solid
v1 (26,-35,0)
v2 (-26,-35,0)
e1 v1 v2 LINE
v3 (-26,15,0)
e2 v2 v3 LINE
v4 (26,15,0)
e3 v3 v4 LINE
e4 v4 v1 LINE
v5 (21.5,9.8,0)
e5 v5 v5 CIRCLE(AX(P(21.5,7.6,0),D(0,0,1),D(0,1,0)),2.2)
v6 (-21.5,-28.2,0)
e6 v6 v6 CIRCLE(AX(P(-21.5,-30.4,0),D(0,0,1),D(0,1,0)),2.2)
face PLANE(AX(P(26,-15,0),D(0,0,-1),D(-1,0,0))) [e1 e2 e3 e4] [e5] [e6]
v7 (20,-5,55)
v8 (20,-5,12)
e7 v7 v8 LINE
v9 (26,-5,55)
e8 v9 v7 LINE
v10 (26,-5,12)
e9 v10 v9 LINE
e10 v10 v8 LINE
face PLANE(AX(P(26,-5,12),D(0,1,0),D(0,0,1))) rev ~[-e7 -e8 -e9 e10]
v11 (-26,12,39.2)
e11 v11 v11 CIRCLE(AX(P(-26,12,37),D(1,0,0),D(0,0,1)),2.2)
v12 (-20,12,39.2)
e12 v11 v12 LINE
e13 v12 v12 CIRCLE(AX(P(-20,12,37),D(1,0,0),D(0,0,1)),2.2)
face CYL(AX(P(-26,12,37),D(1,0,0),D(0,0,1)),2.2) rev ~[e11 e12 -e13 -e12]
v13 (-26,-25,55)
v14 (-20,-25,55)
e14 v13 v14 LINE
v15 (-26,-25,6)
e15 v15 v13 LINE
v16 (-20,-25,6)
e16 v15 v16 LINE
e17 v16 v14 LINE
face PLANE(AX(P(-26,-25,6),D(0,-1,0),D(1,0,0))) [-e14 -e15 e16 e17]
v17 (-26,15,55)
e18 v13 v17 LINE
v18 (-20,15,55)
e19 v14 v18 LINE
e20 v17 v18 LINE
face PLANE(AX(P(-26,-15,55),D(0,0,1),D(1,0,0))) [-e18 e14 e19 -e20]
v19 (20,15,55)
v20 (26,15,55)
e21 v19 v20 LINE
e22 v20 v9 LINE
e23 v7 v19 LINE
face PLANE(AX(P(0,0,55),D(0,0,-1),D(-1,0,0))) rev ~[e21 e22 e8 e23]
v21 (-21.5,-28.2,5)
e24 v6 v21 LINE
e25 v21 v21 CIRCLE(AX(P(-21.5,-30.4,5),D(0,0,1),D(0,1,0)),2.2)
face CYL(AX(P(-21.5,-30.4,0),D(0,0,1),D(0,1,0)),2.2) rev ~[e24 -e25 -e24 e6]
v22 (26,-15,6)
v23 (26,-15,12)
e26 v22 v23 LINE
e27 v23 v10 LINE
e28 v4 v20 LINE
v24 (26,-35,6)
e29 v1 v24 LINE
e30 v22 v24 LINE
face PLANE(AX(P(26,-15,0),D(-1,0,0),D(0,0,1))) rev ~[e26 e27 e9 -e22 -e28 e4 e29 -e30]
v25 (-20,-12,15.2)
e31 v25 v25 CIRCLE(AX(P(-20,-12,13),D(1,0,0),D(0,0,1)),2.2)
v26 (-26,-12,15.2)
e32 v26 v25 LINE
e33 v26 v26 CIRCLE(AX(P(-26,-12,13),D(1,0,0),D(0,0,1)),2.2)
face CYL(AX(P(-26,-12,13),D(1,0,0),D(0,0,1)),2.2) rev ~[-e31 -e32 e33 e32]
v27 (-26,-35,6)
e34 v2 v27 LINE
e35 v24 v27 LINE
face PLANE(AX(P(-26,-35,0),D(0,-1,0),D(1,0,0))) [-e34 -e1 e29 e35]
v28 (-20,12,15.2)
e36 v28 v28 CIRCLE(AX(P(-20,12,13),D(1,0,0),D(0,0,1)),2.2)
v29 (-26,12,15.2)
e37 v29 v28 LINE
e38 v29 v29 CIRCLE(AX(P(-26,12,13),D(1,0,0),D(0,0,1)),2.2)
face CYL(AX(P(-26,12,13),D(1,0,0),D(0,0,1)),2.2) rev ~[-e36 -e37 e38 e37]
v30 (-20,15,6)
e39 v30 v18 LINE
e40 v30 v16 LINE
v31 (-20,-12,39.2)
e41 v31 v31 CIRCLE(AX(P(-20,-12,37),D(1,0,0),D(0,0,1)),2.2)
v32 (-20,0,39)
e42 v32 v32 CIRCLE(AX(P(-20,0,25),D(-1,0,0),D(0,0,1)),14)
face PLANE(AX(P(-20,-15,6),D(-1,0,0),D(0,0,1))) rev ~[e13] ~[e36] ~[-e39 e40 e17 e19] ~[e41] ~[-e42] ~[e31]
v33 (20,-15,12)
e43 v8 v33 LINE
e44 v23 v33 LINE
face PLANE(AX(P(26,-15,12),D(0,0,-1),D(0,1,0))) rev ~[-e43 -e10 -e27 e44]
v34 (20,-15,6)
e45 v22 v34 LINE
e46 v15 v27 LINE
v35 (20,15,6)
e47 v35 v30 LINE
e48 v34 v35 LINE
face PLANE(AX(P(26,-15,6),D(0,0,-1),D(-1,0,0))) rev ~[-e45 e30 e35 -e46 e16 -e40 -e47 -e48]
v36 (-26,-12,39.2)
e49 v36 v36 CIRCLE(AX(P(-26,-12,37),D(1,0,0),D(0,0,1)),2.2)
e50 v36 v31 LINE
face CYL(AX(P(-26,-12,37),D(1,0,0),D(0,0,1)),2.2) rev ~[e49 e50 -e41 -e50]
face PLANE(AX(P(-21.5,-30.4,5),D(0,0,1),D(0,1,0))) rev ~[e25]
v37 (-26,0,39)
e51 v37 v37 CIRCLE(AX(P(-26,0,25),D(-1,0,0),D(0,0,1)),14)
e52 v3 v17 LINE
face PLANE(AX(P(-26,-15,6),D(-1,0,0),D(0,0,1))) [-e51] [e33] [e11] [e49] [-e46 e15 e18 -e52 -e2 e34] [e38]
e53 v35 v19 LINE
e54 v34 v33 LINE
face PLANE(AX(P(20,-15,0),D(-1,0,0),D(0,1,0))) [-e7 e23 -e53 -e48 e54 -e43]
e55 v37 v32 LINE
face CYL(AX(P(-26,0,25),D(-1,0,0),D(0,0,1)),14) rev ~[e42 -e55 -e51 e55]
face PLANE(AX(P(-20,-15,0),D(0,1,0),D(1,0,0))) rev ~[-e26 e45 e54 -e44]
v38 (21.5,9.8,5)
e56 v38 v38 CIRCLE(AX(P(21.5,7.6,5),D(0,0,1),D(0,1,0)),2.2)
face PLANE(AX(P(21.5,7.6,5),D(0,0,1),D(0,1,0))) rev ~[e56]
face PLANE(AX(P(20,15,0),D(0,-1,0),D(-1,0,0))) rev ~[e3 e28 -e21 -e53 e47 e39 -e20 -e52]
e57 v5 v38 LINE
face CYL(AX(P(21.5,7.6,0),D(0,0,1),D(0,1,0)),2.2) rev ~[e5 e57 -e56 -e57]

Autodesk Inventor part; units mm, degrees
ref_plane "YZ Plane" through (0, 0, 0) normal (1, 0, 0) x (0, 1, 0)
ref_plane "XZ Plane" through (0, 0, 0) normal (0, 1, 0) x (-1, 0, 0)
ref_plane "XY Plane" through (0, 0, 0) normal (0, 0, 1) x (1, 0, 0)
sketch "スケッチ1" plane through (0, 0, 0) normal (0, 0, 1) x (1, 0, 0)
  circle A0 centre (0, 0) radius 14
  line L0 (-12, -12) -> (12, -12)
  line L1 (12, -12) -> (12, 12)
  line L2 (12, 12) -> (-12, 12)
  line L3 (-12, 12) -> (-12, -12)
  line L4 (-12, -12) -> (12, 12) construction
  line L5 (12, -12) -> (-12, 12) construction
  circle A1 centre (-12, 12) radius 1.45
  circle A2 centre (12, 12) radius 1.45
  circle A3 centre (-12, -12) radius 1.45
  circle A4 centre (12, -12) radius 1.45
  line L6 (-20, -15) -> (20, -15)
  line L7 (20, -15) -> (20, 15)
  line L8 (20, 15) -> (-20, 15)
  line L9 (-20, 15) -> (-20, -15)
  line L10 (-20, -15) -> (20, 15) construction
  line L11 (20, -15) -> (-20, 15) construction
  dimension "d0" = 24
  dimension "d1" = 24
  dimension "d2" = 28
  dimension "d3" = 2.9
  dimension "d4" = 2.9
  dimension "d5" = 2.9
  dimension "d6" = 2.9
  dimension "d7" = 30
  dimension "d8" = 40
extrude "押し出し1" add sketch "スケッチ1" along normal blind 6 contours A0 L1 | L1 A0 L0 L3 L2 | A0 L2 A2 L1 | L1 A4 L0 A0 | L2 A0 | A2 L2 L1 | L1 L2 A2 | A0 L0 | A4 L0 L1 | L1 L0 A4 | A0 L3 A1 L2 | L0 A3 L3 A0 | L3 A0 | A1 L3 L2 | L2 L3 A1 | A3 L3 L0 | L0 L3 A3 | L9 L8 L7 L6
sketch "スケッチ3" plane through (0, 0, 0) normal (0, 0, -1) x (-1, 0, 0)
  line L0 (-20, -15) -> (-20, 15) projected
  line L1 (20, 15) -> (20, -15) projected
  line L2 (-20, 15) -> (-26, 15)
  line L3 (-26, 15) -> (-26, -15)
  line L4 (-26, -15) -> (-20, -15)
  line L5 (-20, -15) -> (-20, 15)
  line L6 (20, -15) -> (26, -15)
  line L7 (26, -15) -> (26, 15)
  line L8 (26, 15) -> (20, 15)
  line L9 (20, 15) -> (20, -15)
  dimension "d16" = 6
  dimension "d17" = 6
extrude "押し出し2" add sketch "スケッチ3" against normal blind 55
sketch "スケッチ7" plane through (-26, -15, 0) normal (0, -1, 0) x (1, 0, 0)
  line L0 (52, 0) -> (0, 0) projected
  line L1 (52, 0) -> (52, 55) projected
  line L2 (6, 6) -> (46, 6) projected
  line L3 (0, 0) -> (0, 55) projected
  line L4 (52, 0) -> (0, 0) projected
  line L5 (0, 0) -> (52, 0)
  line L6 (52, 0) -> (52, 6)
  line L7 (52, 6) -> (0, 6)
  line L8 (0, 6) -> (0, 0)
  point P0 (26, 0)
  point P1 (0, 6)
extrude "押し出し5" add sketch "スケッチ7" along normal blind 20
sketch "スケッチ8" plane through (0, 0, 0) normal (0, 0, -1) x (-1, 0, 0)
  line L0 (-26, 15) -> (26, 15) projected
  line L1 (26, -35) -> (26, 15) projected
  circle A0 centre (-1.5, -10.4) radius 25.65
  circle A1 centre (21.5, -30.4) radius 1.6
  circle A2 centre (-21.5, 7.6) radius 1.6
  point P0 (0, 0)
  dimension "d29" = 51.3
  dimension "d30" = 3.2
  dimension "d31" = 3.2
  dimension "d34" = 20
  dimension "d35" = 18
  dimension "d36" = 23
  dimension "d37" = 20
  dimension "d38" = 45.4
  dimension "d39" = 4.5
hole "穴1" at (-21.5, -30.4, 0) at (21.5, 7.6, 0) direction (0, 0, 1) diameter 4.4 depth 5
sketch "Sketch10" plane through (-26, -15, 55) normal (-1, 0, 0) x (0, 0, 1)
  line L0 (-55, -20) -> (-55, 30) projected
  line L1 (-49, -20) -> (-55, -20) projected
  line L2 (-49, 0) -> (-49, -20) projected
  line L3 (-49, 0) -> (0, 0) projected
  line L4 (0, 30) -> (0, 0) projected
  line L5 (-55, 30) -> (0, 30) projected
  circle A0 centre (-30, 15) radius 14
  point P0 (-55, 15)
  dimension "d58" = 28
  dimension "d59" = 15
  dimension "d60" = 25
extrude "Extrusion7" cut sketch "Sketch10" against normal blind 10 contours A0
sketch "Sketch11" plane through (-26, -15, 55) normal (-1, 0, 0) x (0, 0, 1)
  circle A0 centre (-30, 15) radius 14 projected
  line L0 (-18, 27) -> (-42, 27)
  line L1 (-42, 27) -> (-42, 3)
  line L2 (-42, 3) -> (-18, 3)
  line L3 (-18, 3) -> (-18, 27)
  line L4 (-18, 27) -> (-42, 3) construction
  line L5 (-42, 27) -> (-18, 3) construction
  point P0 (-55, 15)
  dimension "d63" = 24
  dimension "d64" = 24
hole "Hole2" at (-26, -12, 37) at (-26, 12, 37) at (-26, 12, 13) at (-26, -12, 13) direction (1, 0, 0) diameter 4.4 depth 8.8 tip angle 118
sketch "スケッチ12" plane through (26, -15, 55) normal (1, 0, 0) x (0, 0, -1)
  line L0 (0, 0) -> (0, 30) projected
  line L1 (49, 0) -> (0, 0) projected
  line L2 (49, 0) -> (49, -20) projected
  line L3 (49, 0) -> (0, 0) projected
  line L4 (0, 0) -> (43, 0)
  line L5 (43, 0) -> (43, 10)
  line L6 (43, 10) -> (0, 10)
  line L7 (0, 10) -> (0, 0)
  point P0 (55, 15)
  point P1 (0, 10)
  dimension "d75" = 10
  dimension "d76" = 6
extrude "押し出し8" cut sketch "スケッチ12" against normal blind 10
sketch "スケッチ13" plane through (-26, -15, 6) normal (0, -1, 0) x (1, 0, 0)
  line L0 (0, 0) -> (6, 0) projected
  line L1 (6, 0) -> (6, 49) projected
  line L2 (0, 49) -> (6, 49) projected
  line L3 (0, 0) -> (0, 49) projected
  point P0 (26, -6)
extrude "押し出し9" add sketch "スケッチ13" along normal blind 10
properties part number "Print_Parts_H1"
